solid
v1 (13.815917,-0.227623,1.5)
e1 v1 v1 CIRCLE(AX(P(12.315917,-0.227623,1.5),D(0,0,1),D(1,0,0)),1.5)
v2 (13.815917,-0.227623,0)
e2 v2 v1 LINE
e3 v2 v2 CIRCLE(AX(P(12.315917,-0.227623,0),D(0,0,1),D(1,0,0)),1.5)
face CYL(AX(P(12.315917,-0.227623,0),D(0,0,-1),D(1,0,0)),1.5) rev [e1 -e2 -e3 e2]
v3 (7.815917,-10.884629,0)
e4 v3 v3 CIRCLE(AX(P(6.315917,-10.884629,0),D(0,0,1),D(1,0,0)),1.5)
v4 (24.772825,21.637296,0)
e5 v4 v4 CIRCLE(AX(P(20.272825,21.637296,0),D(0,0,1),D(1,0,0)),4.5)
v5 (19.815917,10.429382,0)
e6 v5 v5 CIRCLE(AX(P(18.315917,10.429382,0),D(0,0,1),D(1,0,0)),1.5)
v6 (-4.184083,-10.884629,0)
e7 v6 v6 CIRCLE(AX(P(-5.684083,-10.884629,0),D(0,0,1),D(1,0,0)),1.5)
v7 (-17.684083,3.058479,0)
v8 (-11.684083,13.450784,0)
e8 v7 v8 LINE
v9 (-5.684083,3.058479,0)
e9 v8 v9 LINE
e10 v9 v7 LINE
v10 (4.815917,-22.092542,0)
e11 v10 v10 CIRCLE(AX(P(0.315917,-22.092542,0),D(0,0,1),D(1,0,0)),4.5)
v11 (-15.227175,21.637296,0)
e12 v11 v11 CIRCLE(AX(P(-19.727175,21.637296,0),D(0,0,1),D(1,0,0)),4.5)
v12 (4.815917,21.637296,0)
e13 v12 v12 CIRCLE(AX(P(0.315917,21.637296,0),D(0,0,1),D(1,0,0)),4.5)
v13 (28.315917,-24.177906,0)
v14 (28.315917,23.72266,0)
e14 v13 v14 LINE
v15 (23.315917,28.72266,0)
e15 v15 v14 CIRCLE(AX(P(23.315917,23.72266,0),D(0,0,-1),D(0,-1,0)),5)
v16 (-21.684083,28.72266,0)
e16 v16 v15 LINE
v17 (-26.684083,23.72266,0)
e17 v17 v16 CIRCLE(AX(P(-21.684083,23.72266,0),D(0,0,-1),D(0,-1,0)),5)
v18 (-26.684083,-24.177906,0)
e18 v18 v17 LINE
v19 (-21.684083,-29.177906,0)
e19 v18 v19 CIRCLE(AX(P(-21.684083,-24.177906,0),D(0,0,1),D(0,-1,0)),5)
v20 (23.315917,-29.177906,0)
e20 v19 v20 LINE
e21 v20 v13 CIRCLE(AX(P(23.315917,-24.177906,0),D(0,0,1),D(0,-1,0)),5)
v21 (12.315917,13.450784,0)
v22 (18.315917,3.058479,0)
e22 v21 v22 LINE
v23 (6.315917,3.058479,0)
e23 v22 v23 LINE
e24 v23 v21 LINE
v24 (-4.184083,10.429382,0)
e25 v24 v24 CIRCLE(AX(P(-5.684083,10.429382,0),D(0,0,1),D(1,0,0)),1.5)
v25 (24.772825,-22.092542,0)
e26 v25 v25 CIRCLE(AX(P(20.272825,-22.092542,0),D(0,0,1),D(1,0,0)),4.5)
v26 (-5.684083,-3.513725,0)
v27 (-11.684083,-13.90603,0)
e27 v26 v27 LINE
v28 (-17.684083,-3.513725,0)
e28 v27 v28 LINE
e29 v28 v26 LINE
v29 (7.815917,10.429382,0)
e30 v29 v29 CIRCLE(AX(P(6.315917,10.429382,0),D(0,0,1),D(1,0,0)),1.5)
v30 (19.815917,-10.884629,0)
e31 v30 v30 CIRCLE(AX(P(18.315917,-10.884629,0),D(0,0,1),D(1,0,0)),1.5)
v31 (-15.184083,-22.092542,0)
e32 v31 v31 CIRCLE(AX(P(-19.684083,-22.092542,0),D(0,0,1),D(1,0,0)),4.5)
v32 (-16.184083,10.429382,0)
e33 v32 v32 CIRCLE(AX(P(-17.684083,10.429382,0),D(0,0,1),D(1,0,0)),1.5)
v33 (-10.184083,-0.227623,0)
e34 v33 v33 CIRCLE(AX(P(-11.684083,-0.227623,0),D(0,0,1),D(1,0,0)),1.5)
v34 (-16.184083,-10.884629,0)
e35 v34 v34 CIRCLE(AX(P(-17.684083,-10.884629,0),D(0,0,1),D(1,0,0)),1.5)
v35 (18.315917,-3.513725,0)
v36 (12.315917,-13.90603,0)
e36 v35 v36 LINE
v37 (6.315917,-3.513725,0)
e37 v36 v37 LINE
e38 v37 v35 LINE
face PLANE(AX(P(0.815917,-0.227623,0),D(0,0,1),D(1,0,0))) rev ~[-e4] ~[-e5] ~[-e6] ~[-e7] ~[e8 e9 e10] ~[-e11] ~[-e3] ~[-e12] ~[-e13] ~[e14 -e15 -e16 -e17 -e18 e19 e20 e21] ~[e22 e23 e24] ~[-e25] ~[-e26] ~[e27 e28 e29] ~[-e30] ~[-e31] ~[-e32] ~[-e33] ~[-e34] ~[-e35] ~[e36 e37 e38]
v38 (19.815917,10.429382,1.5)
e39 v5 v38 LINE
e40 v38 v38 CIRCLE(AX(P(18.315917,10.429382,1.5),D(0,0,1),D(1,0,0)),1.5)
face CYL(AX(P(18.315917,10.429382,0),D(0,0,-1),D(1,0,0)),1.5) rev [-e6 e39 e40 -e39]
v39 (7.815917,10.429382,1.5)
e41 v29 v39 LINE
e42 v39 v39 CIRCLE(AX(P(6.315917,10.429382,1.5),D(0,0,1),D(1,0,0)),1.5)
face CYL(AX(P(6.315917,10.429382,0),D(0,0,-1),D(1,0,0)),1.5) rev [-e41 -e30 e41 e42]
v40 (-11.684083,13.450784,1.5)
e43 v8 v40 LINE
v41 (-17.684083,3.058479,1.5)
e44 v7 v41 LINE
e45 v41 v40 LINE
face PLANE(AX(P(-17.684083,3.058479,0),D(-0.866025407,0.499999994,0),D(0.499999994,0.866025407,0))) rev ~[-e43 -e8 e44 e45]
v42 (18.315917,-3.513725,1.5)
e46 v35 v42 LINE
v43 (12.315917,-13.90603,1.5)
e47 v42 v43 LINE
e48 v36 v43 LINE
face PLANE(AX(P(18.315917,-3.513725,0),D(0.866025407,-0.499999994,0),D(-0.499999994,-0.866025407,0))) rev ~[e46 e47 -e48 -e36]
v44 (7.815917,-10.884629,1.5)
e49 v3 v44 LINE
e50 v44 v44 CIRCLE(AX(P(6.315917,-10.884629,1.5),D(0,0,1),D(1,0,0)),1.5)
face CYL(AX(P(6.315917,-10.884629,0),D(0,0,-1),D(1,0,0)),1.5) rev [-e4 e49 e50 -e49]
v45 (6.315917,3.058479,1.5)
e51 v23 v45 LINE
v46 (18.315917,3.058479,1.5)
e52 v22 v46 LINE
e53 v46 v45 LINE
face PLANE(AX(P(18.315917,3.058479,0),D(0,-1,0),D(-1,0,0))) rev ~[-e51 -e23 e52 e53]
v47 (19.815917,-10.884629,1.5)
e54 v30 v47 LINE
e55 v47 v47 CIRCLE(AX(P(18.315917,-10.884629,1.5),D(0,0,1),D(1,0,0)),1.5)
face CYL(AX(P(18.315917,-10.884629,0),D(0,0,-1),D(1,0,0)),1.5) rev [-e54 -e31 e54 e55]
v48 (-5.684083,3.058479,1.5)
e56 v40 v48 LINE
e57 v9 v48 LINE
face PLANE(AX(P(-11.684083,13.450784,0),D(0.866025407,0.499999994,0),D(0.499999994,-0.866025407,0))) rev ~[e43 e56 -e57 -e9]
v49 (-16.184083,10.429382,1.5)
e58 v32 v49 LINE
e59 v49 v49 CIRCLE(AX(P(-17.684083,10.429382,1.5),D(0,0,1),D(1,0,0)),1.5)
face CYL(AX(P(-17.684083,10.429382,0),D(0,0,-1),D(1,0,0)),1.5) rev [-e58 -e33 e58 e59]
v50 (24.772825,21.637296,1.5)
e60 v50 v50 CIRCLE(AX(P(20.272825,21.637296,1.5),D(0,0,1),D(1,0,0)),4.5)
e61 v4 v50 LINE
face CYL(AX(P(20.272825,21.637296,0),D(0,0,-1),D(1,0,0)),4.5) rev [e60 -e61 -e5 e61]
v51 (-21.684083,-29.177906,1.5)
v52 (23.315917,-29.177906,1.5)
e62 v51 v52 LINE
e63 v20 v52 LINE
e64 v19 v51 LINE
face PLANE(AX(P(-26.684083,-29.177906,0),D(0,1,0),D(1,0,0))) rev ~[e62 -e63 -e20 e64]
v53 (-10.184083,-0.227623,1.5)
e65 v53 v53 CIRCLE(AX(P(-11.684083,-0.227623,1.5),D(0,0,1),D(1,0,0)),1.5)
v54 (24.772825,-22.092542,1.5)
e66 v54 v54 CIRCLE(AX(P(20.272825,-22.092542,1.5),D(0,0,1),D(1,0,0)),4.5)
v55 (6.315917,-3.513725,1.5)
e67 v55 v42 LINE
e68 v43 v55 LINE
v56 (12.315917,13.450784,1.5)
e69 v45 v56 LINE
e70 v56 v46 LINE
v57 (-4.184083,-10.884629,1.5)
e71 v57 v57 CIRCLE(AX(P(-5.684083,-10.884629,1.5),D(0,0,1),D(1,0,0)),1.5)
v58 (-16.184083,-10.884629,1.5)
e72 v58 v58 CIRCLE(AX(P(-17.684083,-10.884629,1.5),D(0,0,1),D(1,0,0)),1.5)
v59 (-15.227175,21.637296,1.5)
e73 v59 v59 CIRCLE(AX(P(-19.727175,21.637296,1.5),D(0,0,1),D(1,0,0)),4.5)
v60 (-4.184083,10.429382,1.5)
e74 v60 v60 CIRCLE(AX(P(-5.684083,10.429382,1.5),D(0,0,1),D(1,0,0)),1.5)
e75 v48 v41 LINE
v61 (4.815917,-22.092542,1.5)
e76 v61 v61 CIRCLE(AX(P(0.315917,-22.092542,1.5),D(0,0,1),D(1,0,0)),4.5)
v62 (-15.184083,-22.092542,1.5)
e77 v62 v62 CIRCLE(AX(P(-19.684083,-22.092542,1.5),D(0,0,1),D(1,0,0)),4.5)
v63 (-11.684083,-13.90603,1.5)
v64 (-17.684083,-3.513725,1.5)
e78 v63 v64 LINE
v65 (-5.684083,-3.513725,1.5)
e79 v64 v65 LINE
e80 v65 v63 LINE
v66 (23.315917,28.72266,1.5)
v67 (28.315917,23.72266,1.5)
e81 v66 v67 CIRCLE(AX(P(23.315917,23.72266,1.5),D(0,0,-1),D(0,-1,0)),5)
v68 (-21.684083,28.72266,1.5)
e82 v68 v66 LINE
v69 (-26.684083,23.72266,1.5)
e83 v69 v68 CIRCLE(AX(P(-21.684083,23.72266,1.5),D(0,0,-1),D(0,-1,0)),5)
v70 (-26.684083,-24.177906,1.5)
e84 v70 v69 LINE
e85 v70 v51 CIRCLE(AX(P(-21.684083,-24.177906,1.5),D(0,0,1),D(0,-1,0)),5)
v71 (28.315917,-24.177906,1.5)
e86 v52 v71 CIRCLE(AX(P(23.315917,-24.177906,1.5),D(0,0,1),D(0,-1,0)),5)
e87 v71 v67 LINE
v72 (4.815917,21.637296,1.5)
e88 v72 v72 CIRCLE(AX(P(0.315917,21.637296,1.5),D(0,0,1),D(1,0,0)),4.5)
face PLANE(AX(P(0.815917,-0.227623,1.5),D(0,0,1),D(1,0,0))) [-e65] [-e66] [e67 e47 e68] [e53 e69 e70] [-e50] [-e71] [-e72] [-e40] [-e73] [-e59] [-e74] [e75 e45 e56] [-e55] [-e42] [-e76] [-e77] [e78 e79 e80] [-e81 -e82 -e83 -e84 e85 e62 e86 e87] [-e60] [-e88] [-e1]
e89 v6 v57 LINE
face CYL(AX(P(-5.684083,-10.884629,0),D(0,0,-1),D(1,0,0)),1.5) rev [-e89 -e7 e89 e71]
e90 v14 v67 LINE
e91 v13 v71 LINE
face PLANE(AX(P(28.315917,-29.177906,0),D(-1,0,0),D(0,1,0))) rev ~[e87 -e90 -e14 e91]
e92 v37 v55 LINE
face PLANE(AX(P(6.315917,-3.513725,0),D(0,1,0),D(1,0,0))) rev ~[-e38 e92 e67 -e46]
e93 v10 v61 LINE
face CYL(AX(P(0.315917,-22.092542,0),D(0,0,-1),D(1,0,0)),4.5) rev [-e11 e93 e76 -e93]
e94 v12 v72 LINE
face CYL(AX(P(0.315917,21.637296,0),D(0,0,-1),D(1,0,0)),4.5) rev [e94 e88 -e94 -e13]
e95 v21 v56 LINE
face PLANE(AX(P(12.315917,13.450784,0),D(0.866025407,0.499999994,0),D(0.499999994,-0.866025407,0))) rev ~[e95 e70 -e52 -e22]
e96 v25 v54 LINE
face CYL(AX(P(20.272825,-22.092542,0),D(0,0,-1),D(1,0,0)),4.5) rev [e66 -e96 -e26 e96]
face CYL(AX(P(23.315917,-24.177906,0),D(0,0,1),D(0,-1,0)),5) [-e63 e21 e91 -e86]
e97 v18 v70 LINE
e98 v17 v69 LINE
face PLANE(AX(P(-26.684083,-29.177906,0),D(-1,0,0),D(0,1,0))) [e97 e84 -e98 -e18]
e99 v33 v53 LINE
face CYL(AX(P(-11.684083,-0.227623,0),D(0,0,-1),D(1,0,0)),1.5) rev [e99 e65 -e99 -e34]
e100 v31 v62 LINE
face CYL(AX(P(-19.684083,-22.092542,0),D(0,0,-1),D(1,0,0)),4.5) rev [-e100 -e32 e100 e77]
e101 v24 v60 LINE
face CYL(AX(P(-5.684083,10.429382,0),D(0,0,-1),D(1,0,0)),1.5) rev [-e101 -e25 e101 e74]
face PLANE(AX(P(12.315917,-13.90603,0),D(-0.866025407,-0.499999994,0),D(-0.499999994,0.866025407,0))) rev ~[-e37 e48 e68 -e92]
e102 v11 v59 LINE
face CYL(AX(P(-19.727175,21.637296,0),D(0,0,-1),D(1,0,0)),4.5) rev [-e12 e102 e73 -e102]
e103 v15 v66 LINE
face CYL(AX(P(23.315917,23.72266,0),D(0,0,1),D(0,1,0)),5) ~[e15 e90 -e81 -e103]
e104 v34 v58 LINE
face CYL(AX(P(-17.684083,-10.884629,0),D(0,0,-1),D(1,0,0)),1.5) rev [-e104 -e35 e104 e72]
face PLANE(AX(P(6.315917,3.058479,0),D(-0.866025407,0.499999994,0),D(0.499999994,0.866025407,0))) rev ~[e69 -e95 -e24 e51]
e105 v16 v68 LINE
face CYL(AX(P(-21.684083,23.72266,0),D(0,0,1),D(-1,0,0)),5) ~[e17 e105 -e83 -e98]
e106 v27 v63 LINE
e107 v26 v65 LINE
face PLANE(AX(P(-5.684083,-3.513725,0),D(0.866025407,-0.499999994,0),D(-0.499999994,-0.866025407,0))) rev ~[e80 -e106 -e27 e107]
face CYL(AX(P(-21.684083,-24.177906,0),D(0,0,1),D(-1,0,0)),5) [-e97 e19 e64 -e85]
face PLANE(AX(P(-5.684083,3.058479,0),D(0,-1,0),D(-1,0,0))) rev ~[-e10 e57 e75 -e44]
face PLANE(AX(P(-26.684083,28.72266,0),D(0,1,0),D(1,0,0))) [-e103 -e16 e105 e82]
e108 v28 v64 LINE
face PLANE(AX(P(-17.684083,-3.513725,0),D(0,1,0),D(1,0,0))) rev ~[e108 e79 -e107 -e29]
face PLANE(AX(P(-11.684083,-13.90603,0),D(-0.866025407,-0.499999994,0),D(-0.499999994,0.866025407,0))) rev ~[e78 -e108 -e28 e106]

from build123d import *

# Parameters (mm, degrees)
F0_W     = 55
F0_H     = 57.900566
F0_R     = 4.5
F0_R_2   = 1.5
F1_DEPTH = 1.5
F2_R     = 5


with BuildPart() as f1:
    # F0 (on Top) → F1 (new body)
    with BuildSketch(Plane.XY):
        with Locations((0.815917, -0.227623)):
            Rectangle(F0_W, F0_H)
        with Locations((-19.684083, -22.092542)):
            Circle(F0_R, mode=Mode.SUBTRACT)
        with Locations((0.315917, -22.092542)):
            Circle(F0_R, mode=Mode.SUBTRACT)
        with Locations((-17.684083, -10.884629)):
            Circle(F0_R_2, mode=Mode.SUBTRACT)
        Polygon((-11.684083, -13.90603), (-17.684083, -3.513725), (-5.684083, -3.513725), align=None, mode=Mode.SUBTRACT)
        with Locations((-5.684083, -10.884629)):
            Circle(F0_R_2, mode=Mode.SUBTRACT)
        with Locations((20.272825, -22.092542)):
            Circle(F0_R, mode=Mode.SUBTRACT)
        with Locations((6.315917, -10.884629)):
            Circle(F0_R_2, mode=Mode.SUBTRACT)
        Polygon((12.315917, -13.90603), (6.315917, -3.513725), (18.315917, -3.513725), align=None, mode=Mode.SUBTRACT)
        with Locations((18.315917, -10.884629)):
            Circle(F0_R_2, mode=Mode.SUBTRACT)
        with Locations((-17.684083, 10.429382)):
            Circle(F0_R_2, mode=Mode.SUBTRACT)
        with Locations((-11.684083, -0.227623)):
            Circle(F0_R_2, mode=Mode.SUBTRACT)
        Polygon((-5.684083, 3.058479), (-17.684083, 3.058479), (-11.684083, 13.450784), align=None, mode=Mode.SUBTRACT)
        with Locations((-5.684083, 10.429382)):
            Circle(F0_R_2, mode=Mode.SUBTRACT)
        with Locations((-19.727175, 21.637296)):
            Circle(F0_R, mode=Mode.SUBTRACT)
        with Locations((0.315917, 21.637296)):
            Circle(F0_R, mode=Mode.SUBTRACT)
        with Locations((12.315917, -0.227623)):
            Circle(F0_R_2, mode=Mode.SUBTRACT)
        with Locations((6.315917, 10.429382)):
            Circle(F0_R_2, mode=Mode.SUBTRACT)
        Polygon((18.315917, 3.058479), (6.315917, 3.058479), (12.315917, 13.450784), align=None, mode=Mode.SUBTRACT)
        with Locations((18.315917, 10.429382)):
            Circle(F0_R_2, mode=Mode.SUBTRACT)
        with Locations((20.272825, 21.637296)):
            Circle(F0_R, mode=Mode.SUBTRACT)
    extrude(amount=F1_DEPTH)

    # F2
    f2_edges = [f1.edges().sort_by_distance(p)[0] for p in [
        (-26.684083, 28.72266, 0.75),
        (-26.684083, -29.177906, 0.75),
        (28.315917, -29.177906, 0.75),
        (28.315917, 28.72266, 0.75),
    ]]
    fillet(f2_edges, radius=F2_R)


solid = f1.part
